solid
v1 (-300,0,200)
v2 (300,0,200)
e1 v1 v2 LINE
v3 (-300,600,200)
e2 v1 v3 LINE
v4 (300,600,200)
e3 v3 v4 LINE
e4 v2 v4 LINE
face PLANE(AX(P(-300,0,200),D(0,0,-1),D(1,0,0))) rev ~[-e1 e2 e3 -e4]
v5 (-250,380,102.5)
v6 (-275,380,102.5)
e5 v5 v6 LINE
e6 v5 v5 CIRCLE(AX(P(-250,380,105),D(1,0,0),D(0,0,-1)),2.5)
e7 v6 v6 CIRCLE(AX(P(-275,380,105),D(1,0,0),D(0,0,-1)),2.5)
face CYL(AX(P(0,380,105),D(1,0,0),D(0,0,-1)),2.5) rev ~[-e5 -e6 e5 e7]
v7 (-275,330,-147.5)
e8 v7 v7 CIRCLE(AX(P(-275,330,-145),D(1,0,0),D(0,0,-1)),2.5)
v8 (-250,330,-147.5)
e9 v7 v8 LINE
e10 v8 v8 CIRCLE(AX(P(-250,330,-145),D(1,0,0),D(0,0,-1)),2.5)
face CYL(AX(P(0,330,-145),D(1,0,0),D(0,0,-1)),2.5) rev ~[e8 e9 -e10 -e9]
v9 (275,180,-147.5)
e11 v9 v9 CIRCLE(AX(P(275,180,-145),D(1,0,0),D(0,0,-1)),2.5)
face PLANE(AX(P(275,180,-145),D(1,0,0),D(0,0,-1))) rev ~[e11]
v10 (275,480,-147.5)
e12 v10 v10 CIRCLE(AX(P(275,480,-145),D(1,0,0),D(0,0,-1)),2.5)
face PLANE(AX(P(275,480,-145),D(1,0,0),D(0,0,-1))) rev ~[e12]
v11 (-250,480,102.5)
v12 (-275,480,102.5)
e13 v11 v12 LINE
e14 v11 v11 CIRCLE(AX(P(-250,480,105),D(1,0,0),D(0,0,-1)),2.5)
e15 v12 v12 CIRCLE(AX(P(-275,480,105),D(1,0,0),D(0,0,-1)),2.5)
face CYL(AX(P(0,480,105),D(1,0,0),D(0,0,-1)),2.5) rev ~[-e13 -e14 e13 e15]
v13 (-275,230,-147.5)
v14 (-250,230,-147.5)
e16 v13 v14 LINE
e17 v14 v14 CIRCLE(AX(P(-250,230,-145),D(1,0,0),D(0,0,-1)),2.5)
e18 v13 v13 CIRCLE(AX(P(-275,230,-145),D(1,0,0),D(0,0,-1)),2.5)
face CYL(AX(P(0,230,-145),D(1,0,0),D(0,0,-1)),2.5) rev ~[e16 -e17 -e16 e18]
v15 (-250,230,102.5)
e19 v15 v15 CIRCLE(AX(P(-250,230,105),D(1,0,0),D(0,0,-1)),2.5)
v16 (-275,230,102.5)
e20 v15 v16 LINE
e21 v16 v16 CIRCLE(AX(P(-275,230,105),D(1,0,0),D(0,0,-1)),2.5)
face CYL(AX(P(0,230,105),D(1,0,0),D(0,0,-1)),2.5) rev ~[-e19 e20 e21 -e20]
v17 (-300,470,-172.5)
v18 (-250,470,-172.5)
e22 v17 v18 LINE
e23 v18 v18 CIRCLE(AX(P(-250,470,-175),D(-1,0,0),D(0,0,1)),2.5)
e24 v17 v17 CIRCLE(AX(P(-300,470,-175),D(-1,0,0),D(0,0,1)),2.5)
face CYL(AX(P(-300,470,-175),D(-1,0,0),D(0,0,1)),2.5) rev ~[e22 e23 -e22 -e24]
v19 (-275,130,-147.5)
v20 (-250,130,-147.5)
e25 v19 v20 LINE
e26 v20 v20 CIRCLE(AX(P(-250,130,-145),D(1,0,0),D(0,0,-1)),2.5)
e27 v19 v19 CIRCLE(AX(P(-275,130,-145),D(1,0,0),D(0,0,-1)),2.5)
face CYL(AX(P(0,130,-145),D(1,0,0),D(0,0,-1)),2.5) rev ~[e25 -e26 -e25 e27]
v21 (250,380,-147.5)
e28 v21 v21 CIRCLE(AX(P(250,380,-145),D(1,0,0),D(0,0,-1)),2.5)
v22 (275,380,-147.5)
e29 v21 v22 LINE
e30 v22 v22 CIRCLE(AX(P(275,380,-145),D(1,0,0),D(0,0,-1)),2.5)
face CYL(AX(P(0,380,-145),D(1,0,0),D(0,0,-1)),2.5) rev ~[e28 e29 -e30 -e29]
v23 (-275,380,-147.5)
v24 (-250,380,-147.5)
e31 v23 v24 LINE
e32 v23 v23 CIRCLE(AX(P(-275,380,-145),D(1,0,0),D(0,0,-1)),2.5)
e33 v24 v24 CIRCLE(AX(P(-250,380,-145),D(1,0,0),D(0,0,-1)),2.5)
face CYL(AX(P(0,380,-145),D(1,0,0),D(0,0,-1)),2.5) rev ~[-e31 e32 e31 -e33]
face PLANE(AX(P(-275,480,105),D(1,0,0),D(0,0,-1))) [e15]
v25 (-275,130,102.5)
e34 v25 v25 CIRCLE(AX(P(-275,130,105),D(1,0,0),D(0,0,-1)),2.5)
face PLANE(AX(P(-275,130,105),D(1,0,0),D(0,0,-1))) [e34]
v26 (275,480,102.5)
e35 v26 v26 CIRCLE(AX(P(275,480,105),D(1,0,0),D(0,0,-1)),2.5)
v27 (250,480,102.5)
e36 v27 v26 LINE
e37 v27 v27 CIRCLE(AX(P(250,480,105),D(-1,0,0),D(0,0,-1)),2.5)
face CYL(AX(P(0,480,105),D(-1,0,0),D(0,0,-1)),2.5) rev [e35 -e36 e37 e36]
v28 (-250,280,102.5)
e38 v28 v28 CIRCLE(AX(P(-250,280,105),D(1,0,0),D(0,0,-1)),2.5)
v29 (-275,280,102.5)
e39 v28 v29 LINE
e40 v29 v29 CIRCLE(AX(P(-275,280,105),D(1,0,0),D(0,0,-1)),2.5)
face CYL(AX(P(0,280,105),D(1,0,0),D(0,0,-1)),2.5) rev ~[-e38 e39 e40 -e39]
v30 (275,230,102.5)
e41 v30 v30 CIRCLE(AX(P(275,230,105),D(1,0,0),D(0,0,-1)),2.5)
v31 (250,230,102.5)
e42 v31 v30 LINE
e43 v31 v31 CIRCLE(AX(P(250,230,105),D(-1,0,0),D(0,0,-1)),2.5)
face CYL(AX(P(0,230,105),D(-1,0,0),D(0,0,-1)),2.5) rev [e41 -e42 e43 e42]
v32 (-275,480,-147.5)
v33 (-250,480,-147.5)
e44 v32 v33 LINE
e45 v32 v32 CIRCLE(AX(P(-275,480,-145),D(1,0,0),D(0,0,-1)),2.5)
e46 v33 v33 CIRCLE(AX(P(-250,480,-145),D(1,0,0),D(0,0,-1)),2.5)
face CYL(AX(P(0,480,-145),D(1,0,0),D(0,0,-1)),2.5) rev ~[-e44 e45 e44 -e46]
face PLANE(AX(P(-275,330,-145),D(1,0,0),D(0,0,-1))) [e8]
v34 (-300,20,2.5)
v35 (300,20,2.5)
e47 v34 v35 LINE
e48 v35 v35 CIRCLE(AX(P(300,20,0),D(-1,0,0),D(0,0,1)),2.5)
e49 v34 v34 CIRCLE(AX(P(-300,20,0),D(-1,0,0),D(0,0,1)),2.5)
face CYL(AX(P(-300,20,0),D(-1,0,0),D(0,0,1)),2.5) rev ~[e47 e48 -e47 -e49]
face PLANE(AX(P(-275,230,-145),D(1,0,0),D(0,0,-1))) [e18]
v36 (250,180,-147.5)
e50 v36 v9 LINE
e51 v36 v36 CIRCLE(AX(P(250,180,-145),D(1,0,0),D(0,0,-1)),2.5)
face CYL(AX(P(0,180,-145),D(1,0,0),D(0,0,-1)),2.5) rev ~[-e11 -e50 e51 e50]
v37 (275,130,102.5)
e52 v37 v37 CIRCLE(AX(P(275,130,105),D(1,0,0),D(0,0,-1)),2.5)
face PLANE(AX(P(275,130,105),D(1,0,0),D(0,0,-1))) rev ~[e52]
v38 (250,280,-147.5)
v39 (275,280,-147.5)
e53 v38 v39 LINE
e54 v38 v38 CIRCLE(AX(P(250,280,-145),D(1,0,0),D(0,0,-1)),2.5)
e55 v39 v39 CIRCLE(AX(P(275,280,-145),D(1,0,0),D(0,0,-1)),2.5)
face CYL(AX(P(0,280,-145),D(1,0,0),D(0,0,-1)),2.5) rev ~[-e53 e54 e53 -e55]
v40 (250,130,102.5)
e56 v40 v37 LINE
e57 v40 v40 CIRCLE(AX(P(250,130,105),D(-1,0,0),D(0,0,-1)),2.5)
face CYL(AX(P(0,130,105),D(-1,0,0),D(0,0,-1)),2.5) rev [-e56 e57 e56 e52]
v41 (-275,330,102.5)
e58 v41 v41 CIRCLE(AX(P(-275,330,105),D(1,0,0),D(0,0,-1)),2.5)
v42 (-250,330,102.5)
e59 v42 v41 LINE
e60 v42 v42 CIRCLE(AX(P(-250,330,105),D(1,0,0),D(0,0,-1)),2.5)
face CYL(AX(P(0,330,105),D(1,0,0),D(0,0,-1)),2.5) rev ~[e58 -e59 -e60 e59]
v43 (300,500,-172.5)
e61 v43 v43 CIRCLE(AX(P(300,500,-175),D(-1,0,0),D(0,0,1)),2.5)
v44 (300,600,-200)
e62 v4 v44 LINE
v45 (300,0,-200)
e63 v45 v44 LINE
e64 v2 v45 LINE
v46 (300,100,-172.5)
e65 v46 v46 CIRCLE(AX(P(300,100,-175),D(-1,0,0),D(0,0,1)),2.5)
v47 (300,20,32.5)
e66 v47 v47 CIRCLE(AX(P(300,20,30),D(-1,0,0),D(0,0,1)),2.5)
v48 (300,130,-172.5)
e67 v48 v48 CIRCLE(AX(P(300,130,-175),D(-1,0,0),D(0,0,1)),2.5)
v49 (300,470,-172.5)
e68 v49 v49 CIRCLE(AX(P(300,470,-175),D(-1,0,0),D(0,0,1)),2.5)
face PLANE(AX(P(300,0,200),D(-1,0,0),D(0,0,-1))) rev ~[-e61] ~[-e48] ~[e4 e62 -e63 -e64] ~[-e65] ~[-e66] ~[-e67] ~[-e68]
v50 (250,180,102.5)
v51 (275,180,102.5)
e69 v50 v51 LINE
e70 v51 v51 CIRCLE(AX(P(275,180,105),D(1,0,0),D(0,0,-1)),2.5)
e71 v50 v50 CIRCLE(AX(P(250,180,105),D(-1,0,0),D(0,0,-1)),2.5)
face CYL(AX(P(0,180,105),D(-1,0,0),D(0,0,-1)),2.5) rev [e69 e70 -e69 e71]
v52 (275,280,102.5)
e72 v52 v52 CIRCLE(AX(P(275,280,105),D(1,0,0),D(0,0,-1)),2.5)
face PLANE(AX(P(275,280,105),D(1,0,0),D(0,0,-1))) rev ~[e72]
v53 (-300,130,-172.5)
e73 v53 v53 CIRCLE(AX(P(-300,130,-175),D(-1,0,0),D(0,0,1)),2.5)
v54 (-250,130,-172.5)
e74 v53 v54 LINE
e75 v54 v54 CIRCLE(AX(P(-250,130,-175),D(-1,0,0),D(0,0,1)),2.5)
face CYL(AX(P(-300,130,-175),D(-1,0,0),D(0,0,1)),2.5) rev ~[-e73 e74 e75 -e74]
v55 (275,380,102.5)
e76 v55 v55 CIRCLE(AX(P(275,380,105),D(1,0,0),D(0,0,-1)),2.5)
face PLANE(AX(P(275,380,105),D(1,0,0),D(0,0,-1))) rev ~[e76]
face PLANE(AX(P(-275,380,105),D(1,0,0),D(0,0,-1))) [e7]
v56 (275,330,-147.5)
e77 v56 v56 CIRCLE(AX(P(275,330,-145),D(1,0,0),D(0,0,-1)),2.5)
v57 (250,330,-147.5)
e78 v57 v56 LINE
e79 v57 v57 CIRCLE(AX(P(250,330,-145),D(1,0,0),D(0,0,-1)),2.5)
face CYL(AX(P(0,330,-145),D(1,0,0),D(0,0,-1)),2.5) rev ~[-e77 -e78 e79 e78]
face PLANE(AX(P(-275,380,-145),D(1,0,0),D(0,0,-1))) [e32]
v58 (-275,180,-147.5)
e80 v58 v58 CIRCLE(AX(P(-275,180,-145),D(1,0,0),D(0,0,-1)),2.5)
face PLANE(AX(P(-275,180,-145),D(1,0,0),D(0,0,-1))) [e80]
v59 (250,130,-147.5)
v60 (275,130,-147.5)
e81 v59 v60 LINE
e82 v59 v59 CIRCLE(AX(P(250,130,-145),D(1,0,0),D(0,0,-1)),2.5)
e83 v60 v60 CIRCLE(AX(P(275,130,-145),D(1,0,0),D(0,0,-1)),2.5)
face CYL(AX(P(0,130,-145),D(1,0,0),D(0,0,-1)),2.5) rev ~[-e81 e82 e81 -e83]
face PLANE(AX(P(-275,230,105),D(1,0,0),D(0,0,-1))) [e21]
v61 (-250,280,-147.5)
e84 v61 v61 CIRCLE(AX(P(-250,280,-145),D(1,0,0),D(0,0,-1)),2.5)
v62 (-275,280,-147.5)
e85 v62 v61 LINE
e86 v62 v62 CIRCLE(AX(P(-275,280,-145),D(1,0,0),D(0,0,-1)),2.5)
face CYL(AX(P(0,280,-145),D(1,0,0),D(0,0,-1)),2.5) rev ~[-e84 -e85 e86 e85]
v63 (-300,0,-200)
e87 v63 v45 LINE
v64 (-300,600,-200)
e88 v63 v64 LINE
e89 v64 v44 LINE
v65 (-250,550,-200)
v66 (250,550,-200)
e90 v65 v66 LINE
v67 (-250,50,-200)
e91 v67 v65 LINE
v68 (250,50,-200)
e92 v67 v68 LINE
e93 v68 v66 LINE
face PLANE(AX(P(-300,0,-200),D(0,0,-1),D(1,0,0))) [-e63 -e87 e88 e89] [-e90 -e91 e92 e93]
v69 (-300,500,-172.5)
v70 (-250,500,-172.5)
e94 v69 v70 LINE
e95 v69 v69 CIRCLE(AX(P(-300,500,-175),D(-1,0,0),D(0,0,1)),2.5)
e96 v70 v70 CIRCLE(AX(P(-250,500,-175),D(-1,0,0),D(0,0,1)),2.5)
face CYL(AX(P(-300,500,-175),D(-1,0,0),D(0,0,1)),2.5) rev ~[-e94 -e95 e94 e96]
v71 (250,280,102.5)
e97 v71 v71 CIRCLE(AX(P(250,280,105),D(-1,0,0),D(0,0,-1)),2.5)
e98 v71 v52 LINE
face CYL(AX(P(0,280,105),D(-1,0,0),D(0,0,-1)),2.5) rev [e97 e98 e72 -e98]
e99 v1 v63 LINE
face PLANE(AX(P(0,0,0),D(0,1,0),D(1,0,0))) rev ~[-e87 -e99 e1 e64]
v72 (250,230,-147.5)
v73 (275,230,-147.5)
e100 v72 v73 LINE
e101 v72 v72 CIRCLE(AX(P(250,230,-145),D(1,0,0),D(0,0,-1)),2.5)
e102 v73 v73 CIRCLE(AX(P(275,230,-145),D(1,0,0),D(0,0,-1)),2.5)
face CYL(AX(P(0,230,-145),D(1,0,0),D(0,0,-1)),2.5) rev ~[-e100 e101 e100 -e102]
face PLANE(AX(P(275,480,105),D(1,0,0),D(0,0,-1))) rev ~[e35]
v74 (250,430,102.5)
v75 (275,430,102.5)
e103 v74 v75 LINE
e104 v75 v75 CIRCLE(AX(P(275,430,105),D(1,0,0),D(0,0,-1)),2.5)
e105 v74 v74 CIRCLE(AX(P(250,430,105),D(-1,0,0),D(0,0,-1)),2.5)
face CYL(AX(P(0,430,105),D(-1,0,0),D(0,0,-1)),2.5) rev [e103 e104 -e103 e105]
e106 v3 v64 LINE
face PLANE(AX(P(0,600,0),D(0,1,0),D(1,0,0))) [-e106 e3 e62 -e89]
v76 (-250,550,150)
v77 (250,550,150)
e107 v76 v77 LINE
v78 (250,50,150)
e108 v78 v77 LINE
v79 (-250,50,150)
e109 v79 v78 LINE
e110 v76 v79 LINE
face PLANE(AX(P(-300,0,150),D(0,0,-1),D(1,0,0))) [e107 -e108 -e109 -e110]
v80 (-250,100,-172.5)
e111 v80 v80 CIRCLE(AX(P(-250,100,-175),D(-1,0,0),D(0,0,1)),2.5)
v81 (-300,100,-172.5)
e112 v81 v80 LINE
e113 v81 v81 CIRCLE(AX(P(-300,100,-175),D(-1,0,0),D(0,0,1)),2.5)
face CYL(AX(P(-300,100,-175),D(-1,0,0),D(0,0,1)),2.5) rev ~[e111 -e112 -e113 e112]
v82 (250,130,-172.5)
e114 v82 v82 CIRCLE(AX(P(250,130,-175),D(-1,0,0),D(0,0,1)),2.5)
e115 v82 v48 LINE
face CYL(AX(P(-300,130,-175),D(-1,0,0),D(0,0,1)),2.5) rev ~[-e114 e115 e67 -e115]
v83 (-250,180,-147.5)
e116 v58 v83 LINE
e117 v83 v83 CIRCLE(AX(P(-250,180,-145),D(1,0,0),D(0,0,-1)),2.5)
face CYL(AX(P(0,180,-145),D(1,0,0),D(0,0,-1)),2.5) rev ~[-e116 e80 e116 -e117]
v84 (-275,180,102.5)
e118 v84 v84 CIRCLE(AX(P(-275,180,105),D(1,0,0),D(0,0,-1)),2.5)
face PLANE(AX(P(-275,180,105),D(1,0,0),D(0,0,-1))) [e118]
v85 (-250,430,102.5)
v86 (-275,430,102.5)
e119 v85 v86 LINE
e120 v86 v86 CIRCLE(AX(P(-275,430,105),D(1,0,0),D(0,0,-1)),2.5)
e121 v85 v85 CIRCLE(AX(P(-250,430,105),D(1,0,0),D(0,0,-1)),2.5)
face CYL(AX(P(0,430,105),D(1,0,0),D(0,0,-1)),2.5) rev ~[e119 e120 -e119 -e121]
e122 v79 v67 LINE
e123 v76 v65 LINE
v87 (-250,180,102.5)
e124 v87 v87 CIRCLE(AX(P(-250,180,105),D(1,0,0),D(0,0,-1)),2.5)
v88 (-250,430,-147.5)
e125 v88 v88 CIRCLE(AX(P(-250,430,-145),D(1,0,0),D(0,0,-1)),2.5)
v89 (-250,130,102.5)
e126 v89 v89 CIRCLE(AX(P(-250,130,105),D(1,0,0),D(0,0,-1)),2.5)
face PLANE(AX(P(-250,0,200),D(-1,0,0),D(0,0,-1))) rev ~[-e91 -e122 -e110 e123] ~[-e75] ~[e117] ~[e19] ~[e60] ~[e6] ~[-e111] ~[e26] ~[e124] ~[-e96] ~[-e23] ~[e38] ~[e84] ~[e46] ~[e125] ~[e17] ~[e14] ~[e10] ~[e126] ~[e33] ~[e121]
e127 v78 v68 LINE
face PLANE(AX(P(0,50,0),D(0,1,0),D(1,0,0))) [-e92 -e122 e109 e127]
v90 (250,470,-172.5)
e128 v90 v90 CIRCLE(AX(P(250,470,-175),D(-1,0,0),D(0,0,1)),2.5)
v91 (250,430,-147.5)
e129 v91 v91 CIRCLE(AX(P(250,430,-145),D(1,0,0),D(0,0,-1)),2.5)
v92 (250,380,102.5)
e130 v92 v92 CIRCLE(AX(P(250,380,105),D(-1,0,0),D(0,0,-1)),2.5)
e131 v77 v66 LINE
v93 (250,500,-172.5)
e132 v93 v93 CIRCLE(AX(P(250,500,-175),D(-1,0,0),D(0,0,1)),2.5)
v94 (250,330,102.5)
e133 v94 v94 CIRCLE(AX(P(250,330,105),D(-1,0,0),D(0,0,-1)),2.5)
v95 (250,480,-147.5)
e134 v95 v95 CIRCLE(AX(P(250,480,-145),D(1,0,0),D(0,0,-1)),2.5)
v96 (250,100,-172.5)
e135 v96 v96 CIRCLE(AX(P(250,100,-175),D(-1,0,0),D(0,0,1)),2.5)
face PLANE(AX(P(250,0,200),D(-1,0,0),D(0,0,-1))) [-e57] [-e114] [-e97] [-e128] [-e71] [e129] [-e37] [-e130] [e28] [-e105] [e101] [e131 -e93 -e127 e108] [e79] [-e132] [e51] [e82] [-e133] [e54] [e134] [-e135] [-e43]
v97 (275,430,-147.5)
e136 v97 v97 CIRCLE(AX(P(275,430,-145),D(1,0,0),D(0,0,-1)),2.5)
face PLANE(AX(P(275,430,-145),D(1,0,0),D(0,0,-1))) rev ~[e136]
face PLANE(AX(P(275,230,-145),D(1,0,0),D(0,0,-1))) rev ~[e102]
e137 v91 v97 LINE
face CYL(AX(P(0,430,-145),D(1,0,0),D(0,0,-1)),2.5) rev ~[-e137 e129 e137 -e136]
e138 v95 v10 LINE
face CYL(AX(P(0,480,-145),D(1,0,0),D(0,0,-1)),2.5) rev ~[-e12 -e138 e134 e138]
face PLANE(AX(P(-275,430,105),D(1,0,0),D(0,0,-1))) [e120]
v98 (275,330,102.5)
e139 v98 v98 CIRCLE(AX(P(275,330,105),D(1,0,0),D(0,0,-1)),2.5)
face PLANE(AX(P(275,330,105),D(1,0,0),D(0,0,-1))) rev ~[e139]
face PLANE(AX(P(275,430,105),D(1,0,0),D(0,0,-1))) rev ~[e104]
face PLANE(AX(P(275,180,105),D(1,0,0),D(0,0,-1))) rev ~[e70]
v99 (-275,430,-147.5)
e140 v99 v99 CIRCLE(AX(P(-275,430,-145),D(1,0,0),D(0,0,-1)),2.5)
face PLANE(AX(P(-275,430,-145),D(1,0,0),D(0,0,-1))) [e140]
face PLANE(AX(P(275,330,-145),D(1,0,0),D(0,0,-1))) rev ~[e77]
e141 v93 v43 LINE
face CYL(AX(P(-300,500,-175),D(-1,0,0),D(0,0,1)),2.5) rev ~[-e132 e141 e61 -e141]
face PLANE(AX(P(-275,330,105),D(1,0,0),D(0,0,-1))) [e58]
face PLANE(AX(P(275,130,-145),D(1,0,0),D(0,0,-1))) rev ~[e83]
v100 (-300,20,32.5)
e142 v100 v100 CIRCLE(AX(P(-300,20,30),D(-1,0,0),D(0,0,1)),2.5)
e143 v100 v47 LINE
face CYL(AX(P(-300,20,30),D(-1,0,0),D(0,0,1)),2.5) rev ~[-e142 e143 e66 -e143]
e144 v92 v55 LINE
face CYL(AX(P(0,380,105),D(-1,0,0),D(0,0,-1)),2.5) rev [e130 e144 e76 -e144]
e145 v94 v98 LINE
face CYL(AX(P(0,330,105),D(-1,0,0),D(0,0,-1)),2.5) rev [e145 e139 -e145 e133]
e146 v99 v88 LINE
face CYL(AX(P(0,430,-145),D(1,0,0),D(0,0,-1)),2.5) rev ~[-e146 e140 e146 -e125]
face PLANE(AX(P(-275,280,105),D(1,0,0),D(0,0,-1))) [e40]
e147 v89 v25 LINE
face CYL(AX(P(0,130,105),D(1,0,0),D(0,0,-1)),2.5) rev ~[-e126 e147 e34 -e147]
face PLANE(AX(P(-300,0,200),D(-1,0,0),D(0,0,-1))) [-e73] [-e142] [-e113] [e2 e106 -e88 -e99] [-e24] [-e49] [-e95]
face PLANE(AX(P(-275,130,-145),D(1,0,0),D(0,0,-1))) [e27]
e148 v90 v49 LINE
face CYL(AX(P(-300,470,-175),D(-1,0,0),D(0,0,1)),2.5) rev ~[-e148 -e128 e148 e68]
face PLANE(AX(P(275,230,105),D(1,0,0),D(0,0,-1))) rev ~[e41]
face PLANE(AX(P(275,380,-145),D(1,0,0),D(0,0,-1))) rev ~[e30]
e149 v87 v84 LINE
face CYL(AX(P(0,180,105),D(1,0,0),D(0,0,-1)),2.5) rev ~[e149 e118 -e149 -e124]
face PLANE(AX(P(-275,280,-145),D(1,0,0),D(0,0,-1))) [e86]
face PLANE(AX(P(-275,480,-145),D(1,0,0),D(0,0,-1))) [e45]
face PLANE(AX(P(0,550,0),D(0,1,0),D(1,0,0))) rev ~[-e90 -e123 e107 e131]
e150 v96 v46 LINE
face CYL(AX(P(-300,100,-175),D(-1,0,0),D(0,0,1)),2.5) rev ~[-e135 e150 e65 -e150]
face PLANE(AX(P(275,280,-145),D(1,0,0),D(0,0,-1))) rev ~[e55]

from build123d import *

# Parameters (mm, degrees)
SKETCH2_W           = 600
SKETCH2_H           = 400
BOSS_EXTRUDE1_DEPTH = 600
SHELL1_T            = -50
SKETCH3_R           = 2.5
CUT_EXTRUDE1_DEPTH  = 872.779788708
SKETCH4_R           = 2.5
CUT_EXTRUDE2_DEPTH  = 275
LPATTERN1_COUNT     = 8
LPATTERN1_PITCH     = 50
SKETCH5_R           = 2.5
CUT_EXTRUDE3_DEPTH  = 872.779788708


with BuildPart() as part:
    # Sketch2 → Boss-Extrude1 (new body)
    with BuildSketch(Plane(origin=(0, 0, 0), x_dir=(1, 0, 0), z_dir=(0, 1, 0))):
        Rectangle(SKETCH2_W, SKETCH2_H)
    extrude(amount=BOSS_EXTRUDE1_DEPTH)

    # Shell1
    shell1_openings = [part.faces().sort_by_distance(p)[0] for p in [
        (0, 300, -200),
    ]]
    offset(amount=SHELL1_T, openings=shell1_openings, kind=Kind.INTERSECTION)

    # Sketch3 → Cut-Extrude1 (cut, through all)
    with BuildSketch(Plane.ZY.offset(300)):
        with Locations((-175, 100)):
            Circle(SKETCH3_R)
        with Locations((-175, 130)):
            Circle(SKETCH3_R)
        with Locations((-175, 470)):
            Circle(SKETCH3_R)
        with Locations((-175, 500)):
            Circle(SKETCH3_R)
    extrude(amount=-CUT_EXTRUDE1_DEPTH, mode=Mode.SUBTRACT)

    # Sketch4 → Cut-Extrude2 (cut, symmetric)
    with BuildSketch(Plane(origin=(0, 0, 0), x_dir=(0, 0, -1), z_dir=(1, 0, 0))):
        with Locations((-105, 130)):
            Circle(SKETCH4_R)
        with Locations((145, 130)):
            Circle(SKETCH4_R)
    cut_extrude2 = extrude(amount=CUT_EXTRUDE2_DEPTH, both=True, mode=Mode.SUBTRACT)

    # LPattern1: Cut-Extrude2 ×8
    with Locations(*[(0, i * LPATTERN1_PITCH, 0) for i in range(1, LPATTERN1_COUNT)]):
        add(cut_extrude2, mode=Mode.SUBTRACT)

    # Sketch5 → Cut-Extrude3 (cut, through all)
    with BuildSketch(Plane.ZY.offset(300)):
        with Locations((0, 20)):
            Circle(SKETCH5_R)
        with Locations((30, 20)):
            Circle(SKETCH5_R)
    extrude(amount=-CUT_EXTRUDE3_DEPTH, mode=Mode.SUBTRACT)


solid = part.part
